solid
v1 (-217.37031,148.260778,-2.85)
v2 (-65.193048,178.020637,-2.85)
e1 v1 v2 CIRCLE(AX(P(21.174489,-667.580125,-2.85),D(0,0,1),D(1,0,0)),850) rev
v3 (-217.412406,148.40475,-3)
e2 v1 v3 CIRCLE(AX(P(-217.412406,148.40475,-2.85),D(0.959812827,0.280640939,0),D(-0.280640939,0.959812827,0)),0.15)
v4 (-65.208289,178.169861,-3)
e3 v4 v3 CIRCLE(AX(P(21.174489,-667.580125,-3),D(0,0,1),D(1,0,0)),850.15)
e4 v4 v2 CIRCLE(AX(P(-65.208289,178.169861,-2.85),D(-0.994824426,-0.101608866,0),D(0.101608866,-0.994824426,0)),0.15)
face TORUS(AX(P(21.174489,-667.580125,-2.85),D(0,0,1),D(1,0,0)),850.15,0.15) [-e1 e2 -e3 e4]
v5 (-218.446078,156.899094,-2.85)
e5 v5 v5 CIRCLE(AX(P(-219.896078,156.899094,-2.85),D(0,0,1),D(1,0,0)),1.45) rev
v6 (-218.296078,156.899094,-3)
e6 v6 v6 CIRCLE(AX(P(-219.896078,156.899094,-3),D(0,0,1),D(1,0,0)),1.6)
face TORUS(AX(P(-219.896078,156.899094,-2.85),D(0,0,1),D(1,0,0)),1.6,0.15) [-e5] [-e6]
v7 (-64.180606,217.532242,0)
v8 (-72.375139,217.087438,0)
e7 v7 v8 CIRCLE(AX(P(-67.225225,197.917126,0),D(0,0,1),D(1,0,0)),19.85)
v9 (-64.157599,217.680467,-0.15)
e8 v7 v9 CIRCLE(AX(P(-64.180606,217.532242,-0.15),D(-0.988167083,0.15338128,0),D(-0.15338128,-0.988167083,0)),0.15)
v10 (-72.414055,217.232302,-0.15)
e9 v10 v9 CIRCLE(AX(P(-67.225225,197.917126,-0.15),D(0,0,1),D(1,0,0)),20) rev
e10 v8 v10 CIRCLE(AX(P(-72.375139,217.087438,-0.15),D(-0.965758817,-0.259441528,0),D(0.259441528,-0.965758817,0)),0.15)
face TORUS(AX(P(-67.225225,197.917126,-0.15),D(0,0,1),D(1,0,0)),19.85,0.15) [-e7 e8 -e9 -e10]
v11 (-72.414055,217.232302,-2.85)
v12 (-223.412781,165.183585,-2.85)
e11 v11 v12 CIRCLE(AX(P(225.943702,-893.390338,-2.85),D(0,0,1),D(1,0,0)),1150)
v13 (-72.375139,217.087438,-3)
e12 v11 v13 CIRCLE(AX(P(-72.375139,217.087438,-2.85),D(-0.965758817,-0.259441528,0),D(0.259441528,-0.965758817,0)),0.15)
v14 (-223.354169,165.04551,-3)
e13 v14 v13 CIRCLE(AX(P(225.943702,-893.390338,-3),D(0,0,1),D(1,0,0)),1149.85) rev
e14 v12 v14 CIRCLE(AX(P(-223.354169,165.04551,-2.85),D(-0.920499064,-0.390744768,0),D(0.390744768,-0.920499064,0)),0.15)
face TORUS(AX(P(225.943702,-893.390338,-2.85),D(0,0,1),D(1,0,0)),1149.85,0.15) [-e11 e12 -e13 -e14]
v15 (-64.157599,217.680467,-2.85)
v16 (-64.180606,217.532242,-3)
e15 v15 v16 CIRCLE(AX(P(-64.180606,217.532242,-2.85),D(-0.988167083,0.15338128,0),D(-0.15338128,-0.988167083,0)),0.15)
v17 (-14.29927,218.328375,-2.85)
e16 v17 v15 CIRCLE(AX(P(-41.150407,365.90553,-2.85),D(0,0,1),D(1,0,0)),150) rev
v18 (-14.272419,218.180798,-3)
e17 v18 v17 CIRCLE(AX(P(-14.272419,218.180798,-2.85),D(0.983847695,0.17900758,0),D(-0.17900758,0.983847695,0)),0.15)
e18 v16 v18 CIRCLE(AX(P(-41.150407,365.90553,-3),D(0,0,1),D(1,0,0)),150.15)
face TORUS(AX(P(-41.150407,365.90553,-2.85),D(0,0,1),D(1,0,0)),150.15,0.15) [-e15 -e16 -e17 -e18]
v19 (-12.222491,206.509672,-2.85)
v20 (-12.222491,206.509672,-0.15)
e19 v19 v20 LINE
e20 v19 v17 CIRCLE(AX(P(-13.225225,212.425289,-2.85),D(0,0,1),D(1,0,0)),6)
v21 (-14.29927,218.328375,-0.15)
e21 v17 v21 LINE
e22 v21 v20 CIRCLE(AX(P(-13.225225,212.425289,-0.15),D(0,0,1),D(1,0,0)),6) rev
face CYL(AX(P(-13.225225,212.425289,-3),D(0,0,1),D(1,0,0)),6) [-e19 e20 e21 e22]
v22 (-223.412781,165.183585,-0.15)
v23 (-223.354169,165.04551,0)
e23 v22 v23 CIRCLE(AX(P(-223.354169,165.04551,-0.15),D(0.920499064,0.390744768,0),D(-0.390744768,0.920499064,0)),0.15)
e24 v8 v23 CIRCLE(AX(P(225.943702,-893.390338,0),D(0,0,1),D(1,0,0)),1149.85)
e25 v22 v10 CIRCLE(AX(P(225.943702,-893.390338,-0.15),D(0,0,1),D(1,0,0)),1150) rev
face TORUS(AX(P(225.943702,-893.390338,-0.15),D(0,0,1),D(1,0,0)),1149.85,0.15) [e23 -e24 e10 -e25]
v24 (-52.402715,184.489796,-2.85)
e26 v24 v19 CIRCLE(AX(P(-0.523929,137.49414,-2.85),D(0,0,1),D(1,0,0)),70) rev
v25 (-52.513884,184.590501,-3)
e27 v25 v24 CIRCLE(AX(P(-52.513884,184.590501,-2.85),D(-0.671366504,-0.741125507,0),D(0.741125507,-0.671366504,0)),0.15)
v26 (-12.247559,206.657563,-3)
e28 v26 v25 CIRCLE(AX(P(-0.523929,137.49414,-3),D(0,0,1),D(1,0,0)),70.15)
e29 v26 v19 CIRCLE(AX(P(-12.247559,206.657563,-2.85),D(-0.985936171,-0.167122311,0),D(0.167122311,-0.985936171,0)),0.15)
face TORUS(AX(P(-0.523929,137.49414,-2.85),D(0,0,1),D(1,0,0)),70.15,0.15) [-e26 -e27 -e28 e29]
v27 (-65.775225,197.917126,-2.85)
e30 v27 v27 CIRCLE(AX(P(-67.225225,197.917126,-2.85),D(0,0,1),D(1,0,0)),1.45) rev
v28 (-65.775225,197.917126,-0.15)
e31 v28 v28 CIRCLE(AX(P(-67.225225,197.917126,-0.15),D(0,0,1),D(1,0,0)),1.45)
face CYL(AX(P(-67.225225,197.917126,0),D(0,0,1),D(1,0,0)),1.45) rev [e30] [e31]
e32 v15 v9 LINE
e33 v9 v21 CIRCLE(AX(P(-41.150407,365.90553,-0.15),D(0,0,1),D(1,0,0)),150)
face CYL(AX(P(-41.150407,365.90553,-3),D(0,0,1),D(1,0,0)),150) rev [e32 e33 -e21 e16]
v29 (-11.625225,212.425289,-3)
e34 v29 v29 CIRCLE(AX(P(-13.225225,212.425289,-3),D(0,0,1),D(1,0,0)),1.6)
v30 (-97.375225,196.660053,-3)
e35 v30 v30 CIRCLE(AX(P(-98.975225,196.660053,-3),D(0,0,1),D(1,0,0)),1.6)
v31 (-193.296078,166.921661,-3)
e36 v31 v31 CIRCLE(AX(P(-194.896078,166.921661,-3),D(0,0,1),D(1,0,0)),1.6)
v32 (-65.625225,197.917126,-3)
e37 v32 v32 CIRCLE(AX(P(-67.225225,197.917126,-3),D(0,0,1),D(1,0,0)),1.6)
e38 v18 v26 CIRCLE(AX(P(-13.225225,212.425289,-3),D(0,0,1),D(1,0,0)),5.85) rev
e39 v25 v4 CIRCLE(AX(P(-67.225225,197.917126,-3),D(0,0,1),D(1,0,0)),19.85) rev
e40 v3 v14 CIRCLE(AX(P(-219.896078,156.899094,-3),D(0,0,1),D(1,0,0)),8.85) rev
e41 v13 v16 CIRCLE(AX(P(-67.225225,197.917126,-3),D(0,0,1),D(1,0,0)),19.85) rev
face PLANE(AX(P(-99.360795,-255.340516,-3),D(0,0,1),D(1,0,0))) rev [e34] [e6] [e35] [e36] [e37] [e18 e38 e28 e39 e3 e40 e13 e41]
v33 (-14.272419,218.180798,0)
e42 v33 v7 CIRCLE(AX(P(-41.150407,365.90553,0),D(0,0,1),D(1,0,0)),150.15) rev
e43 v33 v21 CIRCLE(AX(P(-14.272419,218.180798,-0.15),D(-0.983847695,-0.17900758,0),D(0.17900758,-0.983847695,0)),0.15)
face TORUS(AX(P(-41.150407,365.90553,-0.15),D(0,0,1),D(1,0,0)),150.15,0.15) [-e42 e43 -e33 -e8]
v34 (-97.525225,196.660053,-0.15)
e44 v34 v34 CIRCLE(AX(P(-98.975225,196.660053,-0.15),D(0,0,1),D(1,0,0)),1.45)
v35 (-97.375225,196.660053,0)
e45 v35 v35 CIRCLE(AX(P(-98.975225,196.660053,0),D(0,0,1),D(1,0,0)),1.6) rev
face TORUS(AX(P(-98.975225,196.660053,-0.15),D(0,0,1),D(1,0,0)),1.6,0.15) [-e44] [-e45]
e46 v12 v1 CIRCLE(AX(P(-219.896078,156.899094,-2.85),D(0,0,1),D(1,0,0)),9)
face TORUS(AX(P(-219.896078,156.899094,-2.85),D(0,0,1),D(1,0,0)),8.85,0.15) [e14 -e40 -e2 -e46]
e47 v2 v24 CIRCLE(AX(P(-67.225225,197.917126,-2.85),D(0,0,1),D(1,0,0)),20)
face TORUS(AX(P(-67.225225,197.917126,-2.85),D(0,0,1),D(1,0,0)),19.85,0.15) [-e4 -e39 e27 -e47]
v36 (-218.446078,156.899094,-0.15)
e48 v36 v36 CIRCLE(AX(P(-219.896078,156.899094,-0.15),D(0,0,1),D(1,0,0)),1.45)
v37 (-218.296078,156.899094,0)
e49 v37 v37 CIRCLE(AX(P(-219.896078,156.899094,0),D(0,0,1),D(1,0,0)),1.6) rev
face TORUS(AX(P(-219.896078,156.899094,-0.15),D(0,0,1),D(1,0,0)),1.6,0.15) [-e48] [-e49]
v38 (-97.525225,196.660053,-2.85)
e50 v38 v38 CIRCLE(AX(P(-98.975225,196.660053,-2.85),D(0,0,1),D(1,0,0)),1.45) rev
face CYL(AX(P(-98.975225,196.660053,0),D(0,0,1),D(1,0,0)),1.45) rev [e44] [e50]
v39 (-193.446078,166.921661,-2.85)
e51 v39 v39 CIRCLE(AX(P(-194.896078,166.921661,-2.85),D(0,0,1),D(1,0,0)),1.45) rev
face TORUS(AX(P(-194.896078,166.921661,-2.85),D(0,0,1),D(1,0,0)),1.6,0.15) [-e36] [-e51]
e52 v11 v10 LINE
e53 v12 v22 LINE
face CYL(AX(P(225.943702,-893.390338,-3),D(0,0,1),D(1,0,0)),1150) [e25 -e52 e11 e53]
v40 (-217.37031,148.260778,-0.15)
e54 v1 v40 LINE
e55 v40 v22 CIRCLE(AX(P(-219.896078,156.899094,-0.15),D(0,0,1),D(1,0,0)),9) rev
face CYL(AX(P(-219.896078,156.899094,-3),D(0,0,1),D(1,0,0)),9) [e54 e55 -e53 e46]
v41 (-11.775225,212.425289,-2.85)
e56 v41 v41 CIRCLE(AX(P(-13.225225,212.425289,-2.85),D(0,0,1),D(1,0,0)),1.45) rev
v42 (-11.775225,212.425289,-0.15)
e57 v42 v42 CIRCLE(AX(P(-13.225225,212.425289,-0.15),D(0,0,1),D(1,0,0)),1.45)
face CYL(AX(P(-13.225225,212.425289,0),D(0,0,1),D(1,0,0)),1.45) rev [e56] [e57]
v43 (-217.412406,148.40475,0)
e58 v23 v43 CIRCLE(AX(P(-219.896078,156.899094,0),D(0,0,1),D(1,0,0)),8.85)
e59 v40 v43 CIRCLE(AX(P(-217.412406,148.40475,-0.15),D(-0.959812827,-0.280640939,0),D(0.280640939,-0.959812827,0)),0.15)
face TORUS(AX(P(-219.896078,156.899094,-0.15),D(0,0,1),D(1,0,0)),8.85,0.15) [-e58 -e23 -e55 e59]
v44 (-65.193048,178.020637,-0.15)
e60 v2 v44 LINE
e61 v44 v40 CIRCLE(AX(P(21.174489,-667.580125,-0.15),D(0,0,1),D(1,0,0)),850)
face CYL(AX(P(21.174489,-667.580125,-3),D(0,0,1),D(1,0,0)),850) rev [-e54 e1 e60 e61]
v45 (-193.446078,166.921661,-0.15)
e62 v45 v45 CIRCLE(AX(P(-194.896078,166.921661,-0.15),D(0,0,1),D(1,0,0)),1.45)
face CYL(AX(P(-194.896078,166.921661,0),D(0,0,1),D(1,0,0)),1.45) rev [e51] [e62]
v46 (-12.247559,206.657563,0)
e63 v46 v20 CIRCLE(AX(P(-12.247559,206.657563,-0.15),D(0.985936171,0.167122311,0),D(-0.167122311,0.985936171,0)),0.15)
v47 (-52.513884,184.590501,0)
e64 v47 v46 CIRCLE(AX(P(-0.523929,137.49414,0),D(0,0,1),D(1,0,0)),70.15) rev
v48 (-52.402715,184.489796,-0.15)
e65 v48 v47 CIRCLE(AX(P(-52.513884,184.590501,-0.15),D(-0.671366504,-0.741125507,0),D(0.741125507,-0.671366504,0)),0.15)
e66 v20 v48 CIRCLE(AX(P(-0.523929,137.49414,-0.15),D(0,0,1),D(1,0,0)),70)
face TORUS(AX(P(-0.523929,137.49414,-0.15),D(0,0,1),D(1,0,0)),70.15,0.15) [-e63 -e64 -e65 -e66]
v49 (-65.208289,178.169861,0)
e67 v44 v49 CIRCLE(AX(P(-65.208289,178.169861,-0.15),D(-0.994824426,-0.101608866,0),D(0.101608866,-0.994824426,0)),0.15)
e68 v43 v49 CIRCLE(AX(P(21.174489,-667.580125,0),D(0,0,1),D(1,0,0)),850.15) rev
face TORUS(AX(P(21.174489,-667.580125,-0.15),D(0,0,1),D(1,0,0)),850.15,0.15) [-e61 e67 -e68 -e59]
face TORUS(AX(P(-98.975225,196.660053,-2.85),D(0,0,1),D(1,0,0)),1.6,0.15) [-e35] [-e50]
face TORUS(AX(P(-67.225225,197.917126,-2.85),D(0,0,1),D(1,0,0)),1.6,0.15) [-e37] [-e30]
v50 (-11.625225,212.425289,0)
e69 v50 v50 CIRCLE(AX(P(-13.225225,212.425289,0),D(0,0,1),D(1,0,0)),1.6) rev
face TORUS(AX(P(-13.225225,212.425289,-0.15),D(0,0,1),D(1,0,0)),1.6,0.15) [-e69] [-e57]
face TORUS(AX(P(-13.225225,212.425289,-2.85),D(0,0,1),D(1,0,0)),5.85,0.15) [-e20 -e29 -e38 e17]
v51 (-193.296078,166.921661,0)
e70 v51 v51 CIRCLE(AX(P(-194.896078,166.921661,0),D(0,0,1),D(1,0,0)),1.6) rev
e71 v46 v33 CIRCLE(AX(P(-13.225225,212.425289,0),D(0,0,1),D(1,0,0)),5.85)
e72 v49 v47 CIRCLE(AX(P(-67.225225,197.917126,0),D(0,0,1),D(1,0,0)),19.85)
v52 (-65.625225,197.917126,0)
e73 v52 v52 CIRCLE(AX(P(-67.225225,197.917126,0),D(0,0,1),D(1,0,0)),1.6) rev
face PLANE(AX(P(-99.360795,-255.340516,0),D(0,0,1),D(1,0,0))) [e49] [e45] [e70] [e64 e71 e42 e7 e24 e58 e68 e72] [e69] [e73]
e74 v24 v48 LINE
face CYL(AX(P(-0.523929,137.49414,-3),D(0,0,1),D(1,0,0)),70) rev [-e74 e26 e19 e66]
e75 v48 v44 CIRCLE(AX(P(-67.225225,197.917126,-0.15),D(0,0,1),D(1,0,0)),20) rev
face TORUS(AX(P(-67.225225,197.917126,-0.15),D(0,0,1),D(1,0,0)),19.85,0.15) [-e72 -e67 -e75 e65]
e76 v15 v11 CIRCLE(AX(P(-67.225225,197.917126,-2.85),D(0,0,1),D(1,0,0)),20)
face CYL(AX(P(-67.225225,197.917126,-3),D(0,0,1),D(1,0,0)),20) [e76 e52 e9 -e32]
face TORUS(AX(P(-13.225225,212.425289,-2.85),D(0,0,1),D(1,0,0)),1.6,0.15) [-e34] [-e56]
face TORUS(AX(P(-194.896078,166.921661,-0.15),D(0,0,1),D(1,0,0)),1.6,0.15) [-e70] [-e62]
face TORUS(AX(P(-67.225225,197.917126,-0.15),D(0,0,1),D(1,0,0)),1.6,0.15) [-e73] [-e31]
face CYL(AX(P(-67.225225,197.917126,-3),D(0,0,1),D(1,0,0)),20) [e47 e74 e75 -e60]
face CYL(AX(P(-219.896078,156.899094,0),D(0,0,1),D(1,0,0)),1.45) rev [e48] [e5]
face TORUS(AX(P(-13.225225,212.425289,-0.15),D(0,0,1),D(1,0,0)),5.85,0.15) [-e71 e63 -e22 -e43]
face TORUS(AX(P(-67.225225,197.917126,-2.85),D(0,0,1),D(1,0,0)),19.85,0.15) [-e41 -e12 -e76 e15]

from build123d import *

# Parameters (mm, degrees)
EXTRUDE_1_DEPTH      = 3
HOLE_WIZARD_M3_5_1_D = 2.9
FILLET_1_R           = 0.15


with BuildPart() as part:
    # 草图1 → 凸台-拉伸1 (new body)
    with BuildSketch(Plane.XY):
        with BuildLine():
            ThreePointArc((-223.412781063, 165.183585273), (-148.818107133, 193.832539939), (-72.414055422, 217.232302))
            ThreePointArc((-72.414055422, 217.232302), (-68.309240848, 217.887726777), (-64.157599264, 217.680467302))
            ThreePointArc((-64.157599264, 217.680467302), (-39.2013243, 215.9181933), (-14.299270337, 218.328375477))
            ThreePointArc((-14.299270337, 218.328375477), (-7.315765693, 213.463697885), (-12.22249099, 206.509672284))
            ThreePointArc((-12.22249099, 206.509672284), (-34.165250739, 198.880307204), (-52.40271471, 184.489795578))
            ThreePointArc((-52.40271471, 184.489795578), (-58.19845217, 180.070070577), (-65.193047538, 178.020637133))
            ThreePointArc((-65.193047538, 178.020637133), (-141.961707775, 166.618041896), (-217.3703097, 148.260778255))
            ThreePointArc((-217.3703097, 148.260778255), (-228.371975575, 153.872682809), (-223.412781063, 165.183585273))
        make_face()
    extrude(amount=-EXTRUDE_1_DEPTH)

    # M3.5 螺纹孔的螺纹孔钻头1 (through all)
    with Locations(Plane.XY):
        with Locations((-219.896078152, 156.899093699), (-194.896078152, 166.921661009), (-98.975224859, 196.660053295), (-67.225224859, 197.917125651), (-13.225224859, 212.425289309)):
            Hole(HOLE_WIZARD_M3_5_1_D / 2)

    # 圆角1
    fillet_1_edges = [part.edges().sort_by_distance(p)[0] for p in [
        (-34.165250739, 198.880307204, 0),
        (-58.19845217, 180.070070577, 0),
        (-141.961707775, 166.618041896, 0),
        (-228.371975575, 153.872682809, 0),
        (-58.19845217, 180.070070577, -3),
        (-34.165250739, 198.880307204, -3),
        (-7.315765693, 213.463697885, -3),
        (-39.2013243, 215.9181933, -3),
        (-11.775224859, 212.425289309, 0),
        (-11.775224859, 212.425289309, -3),
        (-68.309240848, 217.887726777, -3),
        (-148.818107133, 193.832539939, -3),
        (-65.775224859, 197.917125651, 0),
        (-65.775224859, 197.917125651, -3),
        (-97.525224859, 196.660053295, 0),
        (-97.525224859, 196.660053295, -3),
        (-193.446078152, 166.921661009, 0),
        (-193.446078152, 166.921661009, -3),
        (-218.446078152, 156.899093699, 0),
        (-218.446078152, 156.899093699, -3),
        (-228.371975575, 153.872682809, -3),
        (-148.818107133, 193.832539939, 0),
        (-141.961707775, 166.618041896, -3),
        (-68.309240848, 217.887726777, 0),
        (-39.2013243, 215.9181933, 0),
        (-7.315765693, 213.463697885, 0),
    ]]
    fillet(fillet_1_edges, radius=FILLET_1_R)


solid = part.part
